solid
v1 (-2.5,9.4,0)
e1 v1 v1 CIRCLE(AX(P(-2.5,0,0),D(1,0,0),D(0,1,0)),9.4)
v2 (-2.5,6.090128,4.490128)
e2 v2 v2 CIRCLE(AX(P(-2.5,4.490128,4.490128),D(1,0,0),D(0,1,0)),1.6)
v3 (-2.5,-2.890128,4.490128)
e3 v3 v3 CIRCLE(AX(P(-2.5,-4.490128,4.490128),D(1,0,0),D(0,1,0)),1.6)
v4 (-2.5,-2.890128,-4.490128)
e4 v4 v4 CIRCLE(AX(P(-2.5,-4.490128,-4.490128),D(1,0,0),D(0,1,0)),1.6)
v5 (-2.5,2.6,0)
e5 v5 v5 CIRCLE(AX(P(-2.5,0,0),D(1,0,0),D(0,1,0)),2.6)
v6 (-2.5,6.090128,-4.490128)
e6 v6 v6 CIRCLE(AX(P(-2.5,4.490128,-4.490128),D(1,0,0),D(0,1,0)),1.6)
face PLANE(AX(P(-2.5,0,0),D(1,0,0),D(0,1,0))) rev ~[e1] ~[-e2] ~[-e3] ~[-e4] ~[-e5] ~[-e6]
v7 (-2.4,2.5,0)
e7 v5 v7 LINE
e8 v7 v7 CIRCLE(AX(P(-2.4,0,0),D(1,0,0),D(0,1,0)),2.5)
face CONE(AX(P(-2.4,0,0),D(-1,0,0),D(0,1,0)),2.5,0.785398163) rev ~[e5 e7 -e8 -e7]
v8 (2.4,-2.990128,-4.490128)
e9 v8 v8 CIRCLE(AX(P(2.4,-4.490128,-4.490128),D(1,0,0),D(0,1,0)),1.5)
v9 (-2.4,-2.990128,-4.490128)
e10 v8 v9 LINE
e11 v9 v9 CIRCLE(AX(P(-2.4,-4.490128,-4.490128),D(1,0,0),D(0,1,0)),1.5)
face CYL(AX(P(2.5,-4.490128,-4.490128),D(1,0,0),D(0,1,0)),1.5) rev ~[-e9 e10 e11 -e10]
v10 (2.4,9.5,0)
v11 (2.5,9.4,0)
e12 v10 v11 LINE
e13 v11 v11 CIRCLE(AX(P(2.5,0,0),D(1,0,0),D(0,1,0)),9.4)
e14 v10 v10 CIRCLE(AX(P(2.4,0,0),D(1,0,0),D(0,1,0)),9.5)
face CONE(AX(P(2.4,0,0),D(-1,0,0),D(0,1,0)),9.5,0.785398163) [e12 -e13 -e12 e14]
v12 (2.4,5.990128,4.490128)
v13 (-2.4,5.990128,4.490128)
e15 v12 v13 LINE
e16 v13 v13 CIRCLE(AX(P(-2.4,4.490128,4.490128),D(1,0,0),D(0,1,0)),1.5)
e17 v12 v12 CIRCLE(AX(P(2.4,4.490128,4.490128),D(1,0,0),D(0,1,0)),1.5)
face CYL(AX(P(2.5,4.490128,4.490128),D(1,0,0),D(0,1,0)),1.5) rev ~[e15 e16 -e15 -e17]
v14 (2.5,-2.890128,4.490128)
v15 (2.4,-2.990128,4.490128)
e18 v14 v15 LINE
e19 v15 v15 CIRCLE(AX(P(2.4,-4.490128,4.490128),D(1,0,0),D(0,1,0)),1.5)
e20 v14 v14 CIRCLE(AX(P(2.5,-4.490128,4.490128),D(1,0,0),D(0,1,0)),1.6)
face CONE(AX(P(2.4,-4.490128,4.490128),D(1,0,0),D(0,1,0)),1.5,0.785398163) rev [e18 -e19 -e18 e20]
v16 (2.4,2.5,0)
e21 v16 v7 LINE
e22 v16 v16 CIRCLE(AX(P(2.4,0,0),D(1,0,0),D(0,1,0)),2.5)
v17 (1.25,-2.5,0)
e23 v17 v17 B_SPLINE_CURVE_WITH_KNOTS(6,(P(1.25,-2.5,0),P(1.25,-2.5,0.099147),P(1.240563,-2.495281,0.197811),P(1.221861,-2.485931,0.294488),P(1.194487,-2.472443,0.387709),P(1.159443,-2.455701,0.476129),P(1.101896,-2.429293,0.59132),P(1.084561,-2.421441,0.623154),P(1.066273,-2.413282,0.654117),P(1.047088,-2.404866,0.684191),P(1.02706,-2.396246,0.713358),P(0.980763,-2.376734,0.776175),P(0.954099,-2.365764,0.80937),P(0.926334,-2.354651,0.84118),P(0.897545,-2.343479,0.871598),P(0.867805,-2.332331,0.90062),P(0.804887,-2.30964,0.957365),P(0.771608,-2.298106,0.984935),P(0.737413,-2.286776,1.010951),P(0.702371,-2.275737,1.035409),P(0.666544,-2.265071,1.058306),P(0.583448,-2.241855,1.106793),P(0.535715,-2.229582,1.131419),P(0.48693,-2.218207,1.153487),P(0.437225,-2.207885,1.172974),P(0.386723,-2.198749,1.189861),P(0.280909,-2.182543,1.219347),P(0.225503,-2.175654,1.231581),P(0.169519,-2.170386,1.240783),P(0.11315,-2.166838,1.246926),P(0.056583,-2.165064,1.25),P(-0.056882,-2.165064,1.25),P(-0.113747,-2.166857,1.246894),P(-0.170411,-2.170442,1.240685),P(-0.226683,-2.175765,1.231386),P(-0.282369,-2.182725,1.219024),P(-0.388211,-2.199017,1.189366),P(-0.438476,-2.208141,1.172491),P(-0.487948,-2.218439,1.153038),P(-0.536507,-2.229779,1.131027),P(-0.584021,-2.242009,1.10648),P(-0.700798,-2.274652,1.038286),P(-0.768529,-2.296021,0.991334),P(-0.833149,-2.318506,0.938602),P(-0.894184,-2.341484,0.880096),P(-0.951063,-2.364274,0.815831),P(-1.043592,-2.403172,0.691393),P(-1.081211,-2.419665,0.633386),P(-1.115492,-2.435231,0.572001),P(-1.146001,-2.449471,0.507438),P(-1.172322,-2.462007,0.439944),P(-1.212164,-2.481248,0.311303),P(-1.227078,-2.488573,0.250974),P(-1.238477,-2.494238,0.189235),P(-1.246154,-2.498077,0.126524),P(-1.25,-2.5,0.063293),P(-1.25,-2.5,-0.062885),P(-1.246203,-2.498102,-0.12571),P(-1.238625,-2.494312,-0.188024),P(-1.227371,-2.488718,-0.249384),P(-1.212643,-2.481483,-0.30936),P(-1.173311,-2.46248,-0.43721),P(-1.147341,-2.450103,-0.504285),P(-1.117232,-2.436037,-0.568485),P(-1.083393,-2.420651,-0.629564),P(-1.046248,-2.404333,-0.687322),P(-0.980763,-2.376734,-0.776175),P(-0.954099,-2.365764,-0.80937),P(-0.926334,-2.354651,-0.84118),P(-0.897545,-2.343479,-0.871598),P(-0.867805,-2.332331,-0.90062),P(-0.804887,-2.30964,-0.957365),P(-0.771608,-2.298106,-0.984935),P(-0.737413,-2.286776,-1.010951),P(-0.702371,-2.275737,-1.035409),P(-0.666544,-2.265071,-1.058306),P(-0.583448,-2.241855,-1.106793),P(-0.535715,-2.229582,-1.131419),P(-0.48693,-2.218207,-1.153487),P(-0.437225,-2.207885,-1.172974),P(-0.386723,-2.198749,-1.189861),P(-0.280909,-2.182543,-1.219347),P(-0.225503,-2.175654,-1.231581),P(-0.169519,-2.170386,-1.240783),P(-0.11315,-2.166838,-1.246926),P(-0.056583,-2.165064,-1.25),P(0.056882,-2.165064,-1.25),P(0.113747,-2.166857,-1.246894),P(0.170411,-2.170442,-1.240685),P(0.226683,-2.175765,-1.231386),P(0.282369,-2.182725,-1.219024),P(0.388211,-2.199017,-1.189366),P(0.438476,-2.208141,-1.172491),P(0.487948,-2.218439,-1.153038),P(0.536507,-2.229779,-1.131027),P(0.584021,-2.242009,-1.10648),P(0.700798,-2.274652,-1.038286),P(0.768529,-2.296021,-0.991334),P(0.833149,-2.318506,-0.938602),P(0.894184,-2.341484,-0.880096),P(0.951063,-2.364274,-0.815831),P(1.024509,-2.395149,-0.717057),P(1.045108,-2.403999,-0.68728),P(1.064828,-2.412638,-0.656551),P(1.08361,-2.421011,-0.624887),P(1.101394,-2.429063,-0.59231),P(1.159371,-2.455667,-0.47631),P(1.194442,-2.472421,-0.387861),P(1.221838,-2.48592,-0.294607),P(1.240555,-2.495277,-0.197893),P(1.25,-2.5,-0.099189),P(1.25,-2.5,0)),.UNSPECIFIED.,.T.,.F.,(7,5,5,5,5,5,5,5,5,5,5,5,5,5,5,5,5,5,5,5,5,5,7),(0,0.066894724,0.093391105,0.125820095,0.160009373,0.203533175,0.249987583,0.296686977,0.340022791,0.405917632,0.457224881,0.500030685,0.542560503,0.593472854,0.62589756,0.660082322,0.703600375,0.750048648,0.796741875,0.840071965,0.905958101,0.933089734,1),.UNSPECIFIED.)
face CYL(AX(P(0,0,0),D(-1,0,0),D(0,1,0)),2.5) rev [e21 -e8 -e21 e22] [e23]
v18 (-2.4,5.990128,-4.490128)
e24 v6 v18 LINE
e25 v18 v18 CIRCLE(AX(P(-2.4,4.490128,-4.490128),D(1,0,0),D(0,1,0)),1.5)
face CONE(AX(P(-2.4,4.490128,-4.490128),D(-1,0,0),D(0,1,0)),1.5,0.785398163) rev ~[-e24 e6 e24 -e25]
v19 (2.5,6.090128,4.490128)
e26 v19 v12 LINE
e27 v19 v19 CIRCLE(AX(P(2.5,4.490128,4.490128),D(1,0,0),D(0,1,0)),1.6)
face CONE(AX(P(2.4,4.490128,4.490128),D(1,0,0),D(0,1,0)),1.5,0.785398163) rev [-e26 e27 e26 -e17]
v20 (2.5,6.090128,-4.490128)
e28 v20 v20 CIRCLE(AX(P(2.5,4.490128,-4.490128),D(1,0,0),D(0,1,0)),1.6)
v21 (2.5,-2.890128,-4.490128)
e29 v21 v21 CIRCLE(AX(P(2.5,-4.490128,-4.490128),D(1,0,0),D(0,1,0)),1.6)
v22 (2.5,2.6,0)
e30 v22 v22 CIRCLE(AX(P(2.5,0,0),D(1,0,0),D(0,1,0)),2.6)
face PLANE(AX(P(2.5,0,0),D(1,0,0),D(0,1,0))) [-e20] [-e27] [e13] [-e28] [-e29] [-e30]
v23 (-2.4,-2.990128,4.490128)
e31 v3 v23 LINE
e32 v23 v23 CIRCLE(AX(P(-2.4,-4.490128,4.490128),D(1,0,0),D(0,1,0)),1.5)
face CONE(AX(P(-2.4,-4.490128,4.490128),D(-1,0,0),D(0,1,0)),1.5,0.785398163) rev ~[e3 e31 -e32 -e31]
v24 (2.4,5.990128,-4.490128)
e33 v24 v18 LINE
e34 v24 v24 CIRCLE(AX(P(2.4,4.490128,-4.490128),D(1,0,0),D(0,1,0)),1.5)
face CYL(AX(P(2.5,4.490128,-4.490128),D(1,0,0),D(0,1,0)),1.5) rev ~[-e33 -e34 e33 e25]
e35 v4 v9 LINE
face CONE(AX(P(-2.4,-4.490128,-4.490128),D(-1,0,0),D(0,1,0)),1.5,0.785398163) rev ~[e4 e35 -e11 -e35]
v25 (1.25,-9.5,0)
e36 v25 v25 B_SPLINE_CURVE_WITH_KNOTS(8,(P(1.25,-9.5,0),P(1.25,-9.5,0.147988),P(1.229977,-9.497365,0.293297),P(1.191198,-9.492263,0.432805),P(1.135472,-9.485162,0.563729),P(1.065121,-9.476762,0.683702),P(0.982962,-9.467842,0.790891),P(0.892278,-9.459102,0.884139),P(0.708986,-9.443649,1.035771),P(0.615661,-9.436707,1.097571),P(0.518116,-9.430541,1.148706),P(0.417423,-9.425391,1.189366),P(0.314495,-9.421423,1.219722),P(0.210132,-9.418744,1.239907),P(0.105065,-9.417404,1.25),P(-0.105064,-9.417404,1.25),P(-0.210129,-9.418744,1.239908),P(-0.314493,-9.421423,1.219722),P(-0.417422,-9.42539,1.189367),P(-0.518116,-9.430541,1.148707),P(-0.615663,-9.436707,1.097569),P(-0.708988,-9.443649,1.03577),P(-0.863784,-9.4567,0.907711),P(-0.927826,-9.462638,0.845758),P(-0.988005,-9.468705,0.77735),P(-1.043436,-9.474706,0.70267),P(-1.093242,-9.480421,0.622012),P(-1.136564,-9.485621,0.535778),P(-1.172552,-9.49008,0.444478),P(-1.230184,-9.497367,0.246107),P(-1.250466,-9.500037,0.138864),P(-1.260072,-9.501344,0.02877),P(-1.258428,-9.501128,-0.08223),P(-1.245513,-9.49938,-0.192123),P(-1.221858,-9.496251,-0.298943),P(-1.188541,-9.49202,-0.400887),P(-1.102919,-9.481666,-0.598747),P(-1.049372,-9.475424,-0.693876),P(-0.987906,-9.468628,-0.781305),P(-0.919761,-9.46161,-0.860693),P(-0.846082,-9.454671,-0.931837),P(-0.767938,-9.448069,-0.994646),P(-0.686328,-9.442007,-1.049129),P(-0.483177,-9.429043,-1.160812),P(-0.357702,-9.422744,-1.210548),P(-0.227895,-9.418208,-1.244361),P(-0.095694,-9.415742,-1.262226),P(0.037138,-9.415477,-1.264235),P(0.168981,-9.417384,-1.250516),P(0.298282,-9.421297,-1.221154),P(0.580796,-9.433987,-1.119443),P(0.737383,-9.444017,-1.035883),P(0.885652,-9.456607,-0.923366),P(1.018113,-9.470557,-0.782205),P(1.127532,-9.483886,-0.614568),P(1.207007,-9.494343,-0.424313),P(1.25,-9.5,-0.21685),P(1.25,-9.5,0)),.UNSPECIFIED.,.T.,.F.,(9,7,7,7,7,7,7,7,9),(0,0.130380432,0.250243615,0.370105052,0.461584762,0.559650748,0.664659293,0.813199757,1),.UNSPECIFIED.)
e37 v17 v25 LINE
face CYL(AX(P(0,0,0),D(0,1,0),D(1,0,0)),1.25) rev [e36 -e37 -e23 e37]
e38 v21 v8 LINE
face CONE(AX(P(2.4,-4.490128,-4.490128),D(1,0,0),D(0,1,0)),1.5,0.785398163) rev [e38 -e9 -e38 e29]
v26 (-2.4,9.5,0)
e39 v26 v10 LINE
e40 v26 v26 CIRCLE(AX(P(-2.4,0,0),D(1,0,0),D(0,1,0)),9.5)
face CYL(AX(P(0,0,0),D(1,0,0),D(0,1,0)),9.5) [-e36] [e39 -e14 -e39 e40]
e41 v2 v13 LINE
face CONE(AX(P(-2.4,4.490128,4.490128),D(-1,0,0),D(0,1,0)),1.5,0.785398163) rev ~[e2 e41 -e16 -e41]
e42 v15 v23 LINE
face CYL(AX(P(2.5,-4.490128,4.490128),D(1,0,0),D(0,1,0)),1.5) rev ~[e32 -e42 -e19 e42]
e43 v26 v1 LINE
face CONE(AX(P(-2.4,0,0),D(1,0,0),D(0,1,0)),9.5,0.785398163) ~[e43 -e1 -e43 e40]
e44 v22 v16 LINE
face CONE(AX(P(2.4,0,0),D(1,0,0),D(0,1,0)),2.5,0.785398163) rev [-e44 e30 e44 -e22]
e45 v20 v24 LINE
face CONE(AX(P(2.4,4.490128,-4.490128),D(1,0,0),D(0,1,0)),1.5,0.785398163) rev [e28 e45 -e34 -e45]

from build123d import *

# Parameters (mm, degrees)
F0_R     = 9.5
F0_R_2   = 2.5
F1_DEPTH = 2.5
F2_R     = 1.5
F3_DEPTH = 5.001
F4_R     = 1.25
F5_DEPTH = 9.501
F6_SIZE  = 0.1


with BuildPart() as f1:
    # F0 (on Right) → F1 (new body, symmetric)
    with BuildSketch(Plane.YZ):
        Circle(F0_R)
        Circle(F0_R_2, mode=Mode.SUBTRACT)
    extrude(amount=F1_DEPTH, both=True)

    # F2 (on face) → F3 (cut, through all)
    with BuildSketch(Plane.YZ.offset(2.5)):
        with Locations((-4.490128, 4.490128)):
            Circle(F2_R)
        with Locations((-4.490128, -4.490128)):
            Circle(F2_R)
        with Locations((4.490128, -4.490128)):
            Circle(F2_R)
        with Locations((4.490128, 4.490128)):
            Circle(F2_R)
    extrude(amount=-F3_DEPTH, mode=Mode.SUBTRACT)

    # F4 (on Front) → F5 (cut, through all)
    with BuildSketch(Plane.XZ):
        Circle(F4_R)
    extrude(amount=F5_DEPTH, mode=Mode.SUBTRACT)

    # F6
    f6_edges = [f1.edges().sort_by_distance(p)[0] for p in [
        (2.5, -9.5, 0),
        (2.5, -5.990128, -4.490128),
        (2.5, 2.990128, -4.490128),
        (2.5, -5.990128, 4.490128),
        (2.5, -2.5, 0),
        (2.5, 2.990128, 4.490128),
        (-2.5, -9.5, 0),
        (-2.5, -5.990128, -4.490128),
        (-2.5, 2.990128, -4.490128),
        (-2.5, -5.990128, 4.490128),
        (-2.5, -2.5, 0),
        (-2.5, 2.990128, 4.490128),
    ]]
    chamfer(f6_edges, length=F6_SIZE)


solid = f1.part
